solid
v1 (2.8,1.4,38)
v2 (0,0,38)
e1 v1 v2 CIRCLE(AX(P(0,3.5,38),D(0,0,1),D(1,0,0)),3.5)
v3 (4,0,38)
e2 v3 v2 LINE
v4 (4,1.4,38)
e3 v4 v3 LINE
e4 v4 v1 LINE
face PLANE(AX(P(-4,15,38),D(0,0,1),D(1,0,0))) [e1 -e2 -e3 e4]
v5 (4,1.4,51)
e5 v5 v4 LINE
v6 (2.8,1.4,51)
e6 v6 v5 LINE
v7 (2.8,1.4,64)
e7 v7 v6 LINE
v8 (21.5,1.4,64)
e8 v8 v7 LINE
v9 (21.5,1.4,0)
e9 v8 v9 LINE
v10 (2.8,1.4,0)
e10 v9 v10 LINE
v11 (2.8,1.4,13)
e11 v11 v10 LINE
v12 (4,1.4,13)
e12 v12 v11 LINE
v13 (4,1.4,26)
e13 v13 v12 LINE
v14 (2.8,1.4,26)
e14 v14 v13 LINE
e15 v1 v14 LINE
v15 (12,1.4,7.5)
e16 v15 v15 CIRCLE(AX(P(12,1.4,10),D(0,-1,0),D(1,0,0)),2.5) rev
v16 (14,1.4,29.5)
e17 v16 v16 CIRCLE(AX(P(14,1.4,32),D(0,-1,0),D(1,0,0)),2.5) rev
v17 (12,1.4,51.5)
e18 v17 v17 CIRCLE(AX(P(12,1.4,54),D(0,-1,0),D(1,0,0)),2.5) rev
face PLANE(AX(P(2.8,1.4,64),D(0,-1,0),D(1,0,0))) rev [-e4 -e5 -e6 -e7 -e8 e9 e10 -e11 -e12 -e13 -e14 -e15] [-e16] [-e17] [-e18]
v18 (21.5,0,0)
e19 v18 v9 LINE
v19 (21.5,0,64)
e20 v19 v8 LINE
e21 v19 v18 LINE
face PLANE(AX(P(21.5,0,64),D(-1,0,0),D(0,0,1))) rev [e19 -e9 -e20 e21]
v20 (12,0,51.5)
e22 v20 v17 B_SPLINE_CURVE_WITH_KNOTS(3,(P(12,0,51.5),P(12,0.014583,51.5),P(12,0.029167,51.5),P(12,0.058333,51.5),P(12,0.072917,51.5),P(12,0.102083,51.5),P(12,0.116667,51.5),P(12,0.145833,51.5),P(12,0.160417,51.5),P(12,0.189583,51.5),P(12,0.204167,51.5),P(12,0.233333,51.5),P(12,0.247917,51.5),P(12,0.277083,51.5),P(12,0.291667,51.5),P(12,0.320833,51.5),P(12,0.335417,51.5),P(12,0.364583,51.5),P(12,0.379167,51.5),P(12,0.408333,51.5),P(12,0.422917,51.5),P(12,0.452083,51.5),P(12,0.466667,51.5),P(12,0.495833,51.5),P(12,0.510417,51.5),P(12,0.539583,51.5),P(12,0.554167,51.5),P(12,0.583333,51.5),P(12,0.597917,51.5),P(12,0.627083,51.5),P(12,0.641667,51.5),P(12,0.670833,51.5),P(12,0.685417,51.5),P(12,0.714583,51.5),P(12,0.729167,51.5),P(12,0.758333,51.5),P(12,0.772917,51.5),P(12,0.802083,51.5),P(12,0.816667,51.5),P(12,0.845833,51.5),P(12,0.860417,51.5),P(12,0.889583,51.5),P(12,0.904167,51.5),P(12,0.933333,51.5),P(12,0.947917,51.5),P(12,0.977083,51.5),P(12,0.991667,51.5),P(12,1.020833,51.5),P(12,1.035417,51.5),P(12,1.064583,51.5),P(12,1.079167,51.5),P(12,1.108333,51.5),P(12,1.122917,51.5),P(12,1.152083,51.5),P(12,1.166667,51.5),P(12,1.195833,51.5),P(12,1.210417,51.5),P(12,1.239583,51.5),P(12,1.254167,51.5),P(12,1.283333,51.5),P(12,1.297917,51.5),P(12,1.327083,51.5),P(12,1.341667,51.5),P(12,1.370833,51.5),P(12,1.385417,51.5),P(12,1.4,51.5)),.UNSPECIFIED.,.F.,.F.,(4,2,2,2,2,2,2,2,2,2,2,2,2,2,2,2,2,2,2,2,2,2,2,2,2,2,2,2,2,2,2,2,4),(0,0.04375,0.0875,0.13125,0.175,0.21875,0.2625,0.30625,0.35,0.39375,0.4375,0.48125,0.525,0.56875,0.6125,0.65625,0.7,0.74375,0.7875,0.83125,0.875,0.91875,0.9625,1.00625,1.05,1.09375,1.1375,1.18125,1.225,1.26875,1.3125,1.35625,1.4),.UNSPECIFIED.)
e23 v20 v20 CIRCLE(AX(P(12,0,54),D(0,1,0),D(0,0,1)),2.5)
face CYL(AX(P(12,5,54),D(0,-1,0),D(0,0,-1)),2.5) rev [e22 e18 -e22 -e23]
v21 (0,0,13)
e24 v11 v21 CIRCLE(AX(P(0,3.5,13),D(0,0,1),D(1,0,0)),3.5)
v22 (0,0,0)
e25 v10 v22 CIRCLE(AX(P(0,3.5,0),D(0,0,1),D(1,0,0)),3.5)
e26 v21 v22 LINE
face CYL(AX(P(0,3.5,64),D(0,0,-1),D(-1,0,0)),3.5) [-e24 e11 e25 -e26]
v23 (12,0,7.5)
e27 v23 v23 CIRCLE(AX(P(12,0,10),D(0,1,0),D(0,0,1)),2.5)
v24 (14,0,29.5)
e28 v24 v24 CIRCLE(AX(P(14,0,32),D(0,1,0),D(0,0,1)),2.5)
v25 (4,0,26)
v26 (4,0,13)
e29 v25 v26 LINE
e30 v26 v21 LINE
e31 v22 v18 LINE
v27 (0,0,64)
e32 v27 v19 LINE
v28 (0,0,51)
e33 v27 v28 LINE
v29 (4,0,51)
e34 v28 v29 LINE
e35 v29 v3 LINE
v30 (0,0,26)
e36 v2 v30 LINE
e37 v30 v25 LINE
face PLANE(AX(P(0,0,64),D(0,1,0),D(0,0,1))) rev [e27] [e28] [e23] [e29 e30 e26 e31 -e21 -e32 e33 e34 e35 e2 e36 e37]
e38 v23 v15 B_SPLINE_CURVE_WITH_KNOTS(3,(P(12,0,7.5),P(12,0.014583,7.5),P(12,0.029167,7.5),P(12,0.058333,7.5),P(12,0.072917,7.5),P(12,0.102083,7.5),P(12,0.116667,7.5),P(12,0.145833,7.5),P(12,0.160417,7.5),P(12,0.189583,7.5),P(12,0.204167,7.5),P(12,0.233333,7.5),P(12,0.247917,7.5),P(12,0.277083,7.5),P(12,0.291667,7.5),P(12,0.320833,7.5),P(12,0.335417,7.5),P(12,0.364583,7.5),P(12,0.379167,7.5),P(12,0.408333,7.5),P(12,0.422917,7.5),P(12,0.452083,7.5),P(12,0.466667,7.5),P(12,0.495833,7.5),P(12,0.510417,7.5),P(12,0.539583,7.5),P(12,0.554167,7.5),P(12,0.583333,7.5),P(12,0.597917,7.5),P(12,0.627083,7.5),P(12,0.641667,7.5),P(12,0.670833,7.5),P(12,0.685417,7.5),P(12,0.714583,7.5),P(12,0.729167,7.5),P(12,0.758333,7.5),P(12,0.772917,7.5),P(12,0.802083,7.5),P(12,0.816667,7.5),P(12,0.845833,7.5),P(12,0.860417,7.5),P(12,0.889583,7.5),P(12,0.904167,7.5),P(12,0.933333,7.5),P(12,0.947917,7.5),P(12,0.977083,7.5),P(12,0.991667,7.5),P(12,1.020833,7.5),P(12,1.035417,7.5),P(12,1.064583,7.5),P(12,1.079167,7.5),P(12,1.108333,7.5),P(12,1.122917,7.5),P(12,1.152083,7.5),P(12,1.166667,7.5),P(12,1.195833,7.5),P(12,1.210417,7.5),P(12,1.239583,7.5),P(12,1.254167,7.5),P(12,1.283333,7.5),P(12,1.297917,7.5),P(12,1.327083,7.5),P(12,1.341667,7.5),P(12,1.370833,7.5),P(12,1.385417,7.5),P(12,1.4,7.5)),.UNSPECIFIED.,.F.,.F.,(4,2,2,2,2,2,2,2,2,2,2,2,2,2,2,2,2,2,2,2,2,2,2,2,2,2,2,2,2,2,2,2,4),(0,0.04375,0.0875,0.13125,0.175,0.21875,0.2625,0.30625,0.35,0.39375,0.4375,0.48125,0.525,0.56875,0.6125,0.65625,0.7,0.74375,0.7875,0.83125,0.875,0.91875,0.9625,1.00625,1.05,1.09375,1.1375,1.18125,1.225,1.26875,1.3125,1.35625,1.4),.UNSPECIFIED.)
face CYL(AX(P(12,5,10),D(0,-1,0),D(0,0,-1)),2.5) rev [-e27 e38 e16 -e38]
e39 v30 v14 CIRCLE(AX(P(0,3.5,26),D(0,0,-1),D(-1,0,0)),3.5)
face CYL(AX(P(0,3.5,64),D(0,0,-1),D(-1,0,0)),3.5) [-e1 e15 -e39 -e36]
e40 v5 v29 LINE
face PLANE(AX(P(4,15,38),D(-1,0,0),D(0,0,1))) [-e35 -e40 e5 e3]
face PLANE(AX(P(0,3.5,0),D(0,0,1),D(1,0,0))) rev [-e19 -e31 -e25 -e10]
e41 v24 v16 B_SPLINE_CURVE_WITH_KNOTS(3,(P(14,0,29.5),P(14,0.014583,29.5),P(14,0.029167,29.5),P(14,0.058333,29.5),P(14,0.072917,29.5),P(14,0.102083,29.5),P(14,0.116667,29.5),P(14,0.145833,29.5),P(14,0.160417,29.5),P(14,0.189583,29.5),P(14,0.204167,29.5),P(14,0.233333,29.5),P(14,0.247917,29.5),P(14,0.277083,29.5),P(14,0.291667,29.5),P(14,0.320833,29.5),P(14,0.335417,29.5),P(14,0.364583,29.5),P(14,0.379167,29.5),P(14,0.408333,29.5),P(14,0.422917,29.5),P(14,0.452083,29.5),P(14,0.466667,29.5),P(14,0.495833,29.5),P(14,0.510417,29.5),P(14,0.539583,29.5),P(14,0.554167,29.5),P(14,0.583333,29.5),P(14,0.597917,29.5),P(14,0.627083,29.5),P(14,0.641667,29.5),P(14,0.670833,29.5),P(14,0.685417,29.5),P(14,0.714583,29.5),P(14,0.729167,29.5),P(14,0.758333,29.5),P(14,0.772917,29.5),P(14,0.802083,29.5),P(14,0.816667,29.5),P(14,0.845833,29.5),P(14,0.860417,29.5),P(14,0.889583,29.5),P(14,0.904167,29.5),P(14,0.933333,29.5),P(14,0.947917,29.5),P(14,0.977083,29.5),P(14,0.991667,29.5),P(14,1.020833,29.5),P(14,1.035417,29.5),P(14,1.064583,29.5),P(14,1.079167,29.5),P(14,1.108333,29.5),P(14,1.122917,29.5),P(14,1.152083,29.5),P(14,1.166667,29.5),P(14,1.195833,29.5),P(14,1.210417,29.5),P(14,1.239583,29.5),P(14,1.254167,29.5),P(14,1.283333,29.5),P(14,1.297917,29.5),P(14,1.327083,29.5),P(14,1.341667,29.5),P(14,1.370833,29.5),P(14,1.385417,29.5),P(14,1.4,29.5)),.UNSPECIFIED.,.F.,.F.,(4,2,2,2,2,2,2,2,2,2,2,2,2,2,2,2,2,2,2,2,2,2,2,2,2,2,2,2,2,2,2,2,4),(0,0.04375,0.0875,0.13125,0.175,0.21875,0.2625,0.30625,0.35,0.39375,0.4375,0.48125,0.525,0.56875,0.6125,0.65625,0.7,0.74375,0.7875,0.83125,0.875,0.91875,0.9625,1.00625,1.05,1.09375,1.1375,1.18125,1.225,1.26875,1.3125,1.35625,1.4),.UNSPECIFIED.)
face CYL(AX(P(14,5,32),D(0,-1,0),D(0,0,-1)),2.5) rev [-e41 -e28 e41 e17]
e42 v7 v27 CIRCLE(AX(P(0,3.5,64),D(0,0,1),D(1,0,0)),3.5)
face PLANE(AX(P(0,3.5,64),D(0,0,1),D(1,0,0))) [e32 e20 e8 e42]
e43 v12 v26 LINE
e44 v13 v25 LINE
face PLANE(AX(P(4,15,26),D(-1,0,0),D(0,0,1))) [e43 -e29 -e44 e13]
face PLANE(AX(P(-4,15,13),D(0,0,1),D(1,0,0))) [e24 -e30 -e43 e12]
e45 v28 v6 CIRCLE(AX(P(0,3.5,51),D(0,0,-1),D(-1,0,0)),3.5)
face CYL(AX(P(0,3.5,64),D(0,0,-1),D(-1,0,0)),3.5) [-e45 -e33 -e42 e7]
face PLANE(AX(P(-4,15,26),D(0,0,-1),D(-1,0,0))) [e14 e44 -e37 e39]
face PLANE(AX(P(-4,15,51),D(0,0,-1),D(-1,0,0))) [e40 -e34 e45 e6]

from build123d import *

# Parameters (mm, degrees)
BOSS_EXTRUDE1_DEPTH = 64
SKETCH2_R           = 2.499999953
CUT_EXTRUDE2_DEPTH  = 5
SKETCH3_W           = 8.000000002
SKETCH3_H           = 13
CUT_EXTRUDE3_DEPTH  = 15


with BuildPart() as part:
    # Sketch1 → Boss-Extrude1 (new body)
    with BuildSketch(Plane.XY):
        with BuildLine():
            Line((0, 0), (21.499999926, 0))
            Line((21.499999926, 0), (21.499999926, 1.4))
            Line((21.499999926, 1.4), (2.799999992, 1.4))
            ThreePointArc((2.799999992, 1.4), (-1.565247581, 6.630495138), (0, 0))
        make_face()
    extrude(amount=BOSS_EXTRUDE1_DEPTH)

    # Sketch2 → Cut-Extrude2 (cut)
    with BuildSketch(Plane(origin=(0, 0, 0), x_dir=(1, 0, 0), z_dir=(0, 1, 0))):
        with Locations(Location((11.999999876, -53.99999995, 0), (0, 0, 90))):
            Circle(SKETCH2_R)
        with Locations(Location((13.999999876, -32.000000008, 0), (0, 0, 90))):
            Circle(SKETCH2_R)
        with Locations(Location((11.999999876, -10.000000066, 0), (0, 0, 90))):
            Circle(SKETCH2_R)
    extrude(amount=CUT_EXTRUDE2_DEPTH, mode=Mode.SUBTRACT)

    # Sketch3 → Cut-Extrude3 (cut)
    with BuildSketch(Plane(origin=(0, 0, 0), x_dir=(1, 0, 0), z_dir=(0, 1, 0))):
        with Locations((1e-09, -19.499999908)):
            Rectangle(SKETCH3_W, SKETCH3_H)
        with Locations((1e-09, -44.499999908)):
            Rectangle(SKETCH3_W, SKETCH3_H)
    extrude(amount=CUT_EXTRUDE3_DEPTH, mode=Mode.SUBTRACT)


solid = part.part
